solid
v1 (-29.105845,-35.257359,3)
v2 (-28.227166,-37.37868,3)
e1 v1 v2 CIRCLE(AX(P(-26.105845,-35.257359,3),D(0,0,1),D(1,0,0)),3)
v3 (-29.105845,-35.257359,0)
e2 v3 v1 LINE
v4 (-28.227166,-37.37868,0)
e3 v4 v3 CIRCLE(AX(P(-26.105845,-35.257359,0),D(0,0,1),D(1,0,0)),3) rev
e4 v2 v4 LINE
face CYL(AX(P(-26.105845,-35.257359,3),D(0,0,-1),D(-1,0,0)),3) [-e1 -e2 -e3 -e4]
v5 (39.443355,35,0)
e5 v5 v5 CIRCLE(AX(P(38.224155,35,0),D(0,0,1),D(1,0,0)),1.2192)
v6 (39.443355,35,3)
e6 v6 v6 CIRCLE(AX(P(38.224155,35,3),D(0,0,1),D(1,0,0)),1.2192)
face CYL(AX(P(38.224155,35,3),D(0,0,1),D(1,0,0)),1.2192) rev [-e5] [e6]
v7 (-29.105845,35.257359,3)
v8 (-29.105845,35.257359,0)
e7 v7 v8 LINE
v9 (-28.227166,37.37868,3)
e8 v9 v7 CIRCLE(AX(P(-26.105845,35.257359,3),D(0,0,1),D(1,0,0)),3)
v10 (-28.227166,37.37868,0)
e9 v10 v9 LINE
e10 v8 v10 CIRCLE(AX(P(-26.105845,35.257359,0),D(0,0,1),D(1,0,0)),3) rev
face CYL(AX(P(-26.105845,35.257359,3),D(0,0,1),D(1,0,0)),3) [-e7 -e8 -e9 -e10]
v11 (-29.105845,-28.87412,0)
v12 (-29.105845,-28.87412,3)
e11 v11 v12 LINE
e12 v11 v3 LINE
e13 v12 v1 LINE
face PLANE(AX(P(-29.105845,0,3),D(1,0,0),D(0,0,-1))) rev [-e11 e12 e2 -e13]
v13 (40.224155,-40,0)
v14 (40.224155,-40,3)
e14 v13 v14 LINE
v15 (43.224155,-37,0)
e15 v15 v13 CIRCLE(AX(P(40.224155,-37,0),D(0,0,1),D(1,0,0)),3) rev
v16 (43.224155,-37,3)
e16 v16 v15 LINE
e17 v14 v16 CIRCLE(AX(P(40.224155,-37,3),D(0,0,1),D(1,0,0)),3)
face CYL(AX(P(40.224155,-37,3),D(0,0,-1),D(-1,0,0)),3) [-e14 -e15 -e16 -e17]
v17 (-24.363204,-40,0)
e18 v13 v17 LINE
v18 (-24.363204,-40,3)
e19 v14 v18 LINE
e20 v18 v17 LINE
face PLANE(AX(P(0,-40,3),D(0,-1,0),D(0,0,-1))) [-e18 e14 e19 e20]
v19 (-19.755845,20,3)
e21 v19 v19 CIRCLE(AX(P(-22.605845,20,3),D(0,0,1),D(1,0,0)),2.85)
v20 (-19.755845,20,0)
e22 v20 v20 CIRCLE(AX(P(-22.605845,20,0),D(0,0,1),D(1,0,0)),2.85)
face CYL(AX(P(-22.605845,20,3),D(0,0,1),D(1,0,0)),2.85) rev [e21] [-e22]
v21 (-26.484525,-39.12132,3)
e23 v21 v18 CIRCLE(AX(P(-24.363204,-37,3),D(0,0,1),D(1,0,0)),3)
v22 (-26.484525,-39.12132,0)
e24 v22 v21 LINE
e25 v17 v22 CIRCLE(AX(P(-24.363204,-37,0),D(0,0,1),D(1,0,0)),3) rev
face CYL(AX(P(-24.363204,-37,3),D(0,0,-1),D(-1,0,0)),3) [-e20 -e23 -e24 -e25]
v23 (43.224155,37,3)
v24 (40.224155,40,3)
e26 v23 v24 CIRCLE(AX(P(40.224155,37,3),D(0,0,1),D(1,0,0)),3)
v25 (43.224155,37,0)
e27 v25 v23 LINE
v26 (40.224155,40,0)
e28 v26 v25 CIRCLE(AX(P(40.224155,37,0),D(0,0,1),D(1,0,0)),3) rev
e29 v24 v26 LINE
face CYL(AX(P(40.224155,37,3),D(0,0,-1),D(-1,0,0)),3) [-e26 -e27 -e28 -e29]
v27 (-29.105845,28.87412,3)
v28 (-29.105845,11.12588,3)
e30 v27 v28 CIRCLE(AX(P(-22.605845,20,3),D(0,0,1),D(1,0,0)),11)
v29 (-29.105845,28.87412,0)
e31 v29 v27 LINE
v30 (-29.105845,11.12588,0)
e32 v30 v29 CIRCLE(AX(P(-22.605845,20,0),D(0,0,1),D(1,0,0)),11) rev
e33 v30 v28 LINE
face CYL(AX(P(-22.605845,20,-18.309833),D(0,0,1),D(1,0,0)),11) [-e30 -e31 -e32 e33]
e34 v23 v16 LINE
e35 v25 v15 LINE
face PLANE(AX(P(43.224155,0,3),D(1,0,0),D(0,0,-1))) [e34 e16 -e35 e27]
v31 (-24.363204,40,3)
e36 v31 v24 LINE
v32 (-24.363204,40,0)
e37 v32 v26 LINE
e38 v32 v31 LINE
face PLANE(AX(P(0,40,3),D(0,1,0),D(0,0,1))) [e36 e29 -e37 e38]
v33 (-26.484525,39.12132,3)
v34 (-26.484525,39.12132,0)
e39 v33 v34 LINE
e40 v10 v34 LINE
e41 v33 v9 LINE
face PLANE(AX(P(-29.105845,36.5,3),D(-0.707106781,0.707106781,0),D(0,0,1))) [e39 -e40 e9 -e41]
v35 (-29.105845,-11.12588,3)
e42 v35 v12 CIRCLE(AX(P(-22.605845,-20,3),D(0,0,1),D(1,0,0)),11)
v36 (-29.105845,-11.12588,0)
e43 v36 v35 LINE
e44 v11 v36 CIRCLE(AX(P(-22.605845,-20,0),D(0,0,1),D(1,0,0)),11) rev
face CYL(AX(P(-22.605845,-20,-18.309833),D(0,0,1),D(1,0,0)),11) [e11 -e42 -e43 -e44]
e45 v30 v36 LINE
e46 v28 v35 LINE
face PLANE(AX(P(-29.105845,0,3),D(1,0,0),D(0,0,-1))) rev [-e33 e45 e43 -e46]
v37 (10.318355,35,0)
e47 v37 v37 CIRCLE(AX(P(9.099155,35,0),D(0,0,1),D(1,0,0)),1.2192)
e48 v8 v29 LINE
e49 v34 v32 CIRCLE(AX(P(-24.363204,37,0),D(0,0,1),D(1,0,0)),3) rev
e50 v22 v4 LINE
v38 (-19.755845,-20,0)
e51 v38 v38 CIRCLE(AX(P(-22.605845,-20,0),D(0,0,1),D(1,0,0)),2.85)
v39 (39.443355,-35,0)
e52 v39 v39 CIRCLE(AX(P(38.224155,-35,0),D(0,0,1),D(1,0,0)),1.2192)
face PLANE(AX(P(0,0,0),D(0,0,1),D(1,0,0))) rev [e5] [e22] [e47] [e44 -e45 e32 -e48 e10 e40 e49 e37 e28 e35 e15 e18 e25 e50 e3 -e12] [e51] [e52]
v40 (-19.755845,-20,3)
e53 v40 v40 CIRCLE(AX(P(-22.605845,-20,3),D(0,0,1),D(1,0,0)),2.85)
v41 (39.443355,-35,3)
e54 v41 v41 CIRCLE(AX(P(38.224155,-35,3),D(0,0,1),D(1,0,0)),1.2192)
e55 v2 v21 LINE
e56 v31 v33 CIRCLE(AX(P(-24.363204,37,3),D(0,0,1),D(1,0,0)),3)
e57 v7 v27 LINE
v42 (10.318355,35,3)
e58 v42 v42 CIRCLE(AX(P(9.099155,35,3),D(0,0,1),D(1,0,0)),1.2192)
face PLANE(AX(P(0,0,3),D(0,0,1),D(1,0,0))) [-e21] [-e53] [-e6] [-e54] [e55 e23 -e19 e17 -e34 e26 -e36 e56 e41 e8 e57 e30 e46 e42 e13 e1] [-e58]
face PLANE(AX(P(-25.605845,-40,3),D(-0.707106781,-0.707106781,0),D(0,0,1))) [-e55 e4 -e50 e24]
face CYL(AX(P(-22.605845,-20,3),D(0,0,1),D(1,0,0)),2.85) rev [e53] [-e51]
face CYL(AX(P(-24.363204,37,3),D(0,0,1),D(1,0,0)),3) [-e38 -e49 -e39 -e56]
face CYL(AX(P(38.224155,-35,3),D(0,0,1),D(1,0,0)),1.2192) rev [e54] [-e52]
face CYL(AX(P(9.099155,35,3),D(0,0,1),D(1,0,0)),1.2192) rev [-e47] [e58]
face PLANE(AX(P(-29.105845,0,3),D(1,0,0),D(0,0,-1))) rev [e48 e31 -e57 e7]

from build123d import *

# Parameters (mm, degrees)
BASE_W                = 72.33
BASE_H                = 80
MAIN_DEPTH            = 3
GEAR_AXIS_HOLES_D     = 5.7
CHAMFER1_SIZE         = 3.5
FILLET6_R             = 3
F_2_CLEARANCE_HOLE2_D = 2.4384
BOSS_EXTRUDE4_DEPTH   = 3


with BuildPart() as part:
    # Base → Main (new body)
    with BuildSketch(Plane.XY):
        with Locations((7.059154817, 0)):
            Rectangle(BASE_W, BASE_H)
    extrude(amount=MAIN_DEPTH)

    # Gear Axis Holes (through all)
    with Locations(Plane(origin=(0, 0, 3), x_dir=(-1, 0, 0), z_dir=(0, 0, 1))):
        with Locations((22.605845183, 20), (22.605845183, -20)):
            Hole(GEAR_AXIS_HOLES_D / 2)

    # Chamfer1
    chamfer1_edges = [part.edges().sort_by_distance(p)[0] for p in [
        (-29.105845183, -40, 1.5),
        (-29.105845183, 40, 1.5),
    ]]
    chamfer(chamfer1_edges, length=CHAMFER1_SIZE)

    # Fillet6
    fillet6_edges = [part.edges().sort_by_distance(p)[0] for p in [
        (-25.605845183, -40, 1.5),
        (-29.105845183, 36.5, 1.5),
        (-29.105845183, -36.5, 1.5),
        (-25.605845183, 40, 1.5),
        (43.224154817, 40, 1.5),
        (43.224154817, -40, 1.5),
    ]]
    fillet(fillet6_edges, radius=FILLET6_R)

    # #2 Clearance Hole2 (through all)
    with Locations(Plane.XY.offset(3)):
        with Locations((9.099154817, 35), (38.224154817, 35), (38.224154817, -35)):
            Hole(F_2_CLEARANCE_HOLE2_D / 2)

    # Sketch24 → Boss-Extrude4 (add)
    with BuildSketch(Plane.XY.offset(3)):
        with BuildLine():
            Line((-29.105845183, 28.874119675), (-29.105845183, 11.125880325))
            ThreePointArc((-29.105845183, 11.125880325), (-33.605845183, 20), (-29.105845183, 28.874119675))
        make_face()
        with BuildLine():
            Line((-29.105845183, -11.125880325), (-29.105845183, -28.874119675))
            ThreePointArc((-29.105845183, -28.874119675), (-33.605845183, -20), (-29.105845183, -11.125880325))
        make_face()
    extrude(amount=-BOSS_EXTRUDE4_DEPTH)


solid = part.part
